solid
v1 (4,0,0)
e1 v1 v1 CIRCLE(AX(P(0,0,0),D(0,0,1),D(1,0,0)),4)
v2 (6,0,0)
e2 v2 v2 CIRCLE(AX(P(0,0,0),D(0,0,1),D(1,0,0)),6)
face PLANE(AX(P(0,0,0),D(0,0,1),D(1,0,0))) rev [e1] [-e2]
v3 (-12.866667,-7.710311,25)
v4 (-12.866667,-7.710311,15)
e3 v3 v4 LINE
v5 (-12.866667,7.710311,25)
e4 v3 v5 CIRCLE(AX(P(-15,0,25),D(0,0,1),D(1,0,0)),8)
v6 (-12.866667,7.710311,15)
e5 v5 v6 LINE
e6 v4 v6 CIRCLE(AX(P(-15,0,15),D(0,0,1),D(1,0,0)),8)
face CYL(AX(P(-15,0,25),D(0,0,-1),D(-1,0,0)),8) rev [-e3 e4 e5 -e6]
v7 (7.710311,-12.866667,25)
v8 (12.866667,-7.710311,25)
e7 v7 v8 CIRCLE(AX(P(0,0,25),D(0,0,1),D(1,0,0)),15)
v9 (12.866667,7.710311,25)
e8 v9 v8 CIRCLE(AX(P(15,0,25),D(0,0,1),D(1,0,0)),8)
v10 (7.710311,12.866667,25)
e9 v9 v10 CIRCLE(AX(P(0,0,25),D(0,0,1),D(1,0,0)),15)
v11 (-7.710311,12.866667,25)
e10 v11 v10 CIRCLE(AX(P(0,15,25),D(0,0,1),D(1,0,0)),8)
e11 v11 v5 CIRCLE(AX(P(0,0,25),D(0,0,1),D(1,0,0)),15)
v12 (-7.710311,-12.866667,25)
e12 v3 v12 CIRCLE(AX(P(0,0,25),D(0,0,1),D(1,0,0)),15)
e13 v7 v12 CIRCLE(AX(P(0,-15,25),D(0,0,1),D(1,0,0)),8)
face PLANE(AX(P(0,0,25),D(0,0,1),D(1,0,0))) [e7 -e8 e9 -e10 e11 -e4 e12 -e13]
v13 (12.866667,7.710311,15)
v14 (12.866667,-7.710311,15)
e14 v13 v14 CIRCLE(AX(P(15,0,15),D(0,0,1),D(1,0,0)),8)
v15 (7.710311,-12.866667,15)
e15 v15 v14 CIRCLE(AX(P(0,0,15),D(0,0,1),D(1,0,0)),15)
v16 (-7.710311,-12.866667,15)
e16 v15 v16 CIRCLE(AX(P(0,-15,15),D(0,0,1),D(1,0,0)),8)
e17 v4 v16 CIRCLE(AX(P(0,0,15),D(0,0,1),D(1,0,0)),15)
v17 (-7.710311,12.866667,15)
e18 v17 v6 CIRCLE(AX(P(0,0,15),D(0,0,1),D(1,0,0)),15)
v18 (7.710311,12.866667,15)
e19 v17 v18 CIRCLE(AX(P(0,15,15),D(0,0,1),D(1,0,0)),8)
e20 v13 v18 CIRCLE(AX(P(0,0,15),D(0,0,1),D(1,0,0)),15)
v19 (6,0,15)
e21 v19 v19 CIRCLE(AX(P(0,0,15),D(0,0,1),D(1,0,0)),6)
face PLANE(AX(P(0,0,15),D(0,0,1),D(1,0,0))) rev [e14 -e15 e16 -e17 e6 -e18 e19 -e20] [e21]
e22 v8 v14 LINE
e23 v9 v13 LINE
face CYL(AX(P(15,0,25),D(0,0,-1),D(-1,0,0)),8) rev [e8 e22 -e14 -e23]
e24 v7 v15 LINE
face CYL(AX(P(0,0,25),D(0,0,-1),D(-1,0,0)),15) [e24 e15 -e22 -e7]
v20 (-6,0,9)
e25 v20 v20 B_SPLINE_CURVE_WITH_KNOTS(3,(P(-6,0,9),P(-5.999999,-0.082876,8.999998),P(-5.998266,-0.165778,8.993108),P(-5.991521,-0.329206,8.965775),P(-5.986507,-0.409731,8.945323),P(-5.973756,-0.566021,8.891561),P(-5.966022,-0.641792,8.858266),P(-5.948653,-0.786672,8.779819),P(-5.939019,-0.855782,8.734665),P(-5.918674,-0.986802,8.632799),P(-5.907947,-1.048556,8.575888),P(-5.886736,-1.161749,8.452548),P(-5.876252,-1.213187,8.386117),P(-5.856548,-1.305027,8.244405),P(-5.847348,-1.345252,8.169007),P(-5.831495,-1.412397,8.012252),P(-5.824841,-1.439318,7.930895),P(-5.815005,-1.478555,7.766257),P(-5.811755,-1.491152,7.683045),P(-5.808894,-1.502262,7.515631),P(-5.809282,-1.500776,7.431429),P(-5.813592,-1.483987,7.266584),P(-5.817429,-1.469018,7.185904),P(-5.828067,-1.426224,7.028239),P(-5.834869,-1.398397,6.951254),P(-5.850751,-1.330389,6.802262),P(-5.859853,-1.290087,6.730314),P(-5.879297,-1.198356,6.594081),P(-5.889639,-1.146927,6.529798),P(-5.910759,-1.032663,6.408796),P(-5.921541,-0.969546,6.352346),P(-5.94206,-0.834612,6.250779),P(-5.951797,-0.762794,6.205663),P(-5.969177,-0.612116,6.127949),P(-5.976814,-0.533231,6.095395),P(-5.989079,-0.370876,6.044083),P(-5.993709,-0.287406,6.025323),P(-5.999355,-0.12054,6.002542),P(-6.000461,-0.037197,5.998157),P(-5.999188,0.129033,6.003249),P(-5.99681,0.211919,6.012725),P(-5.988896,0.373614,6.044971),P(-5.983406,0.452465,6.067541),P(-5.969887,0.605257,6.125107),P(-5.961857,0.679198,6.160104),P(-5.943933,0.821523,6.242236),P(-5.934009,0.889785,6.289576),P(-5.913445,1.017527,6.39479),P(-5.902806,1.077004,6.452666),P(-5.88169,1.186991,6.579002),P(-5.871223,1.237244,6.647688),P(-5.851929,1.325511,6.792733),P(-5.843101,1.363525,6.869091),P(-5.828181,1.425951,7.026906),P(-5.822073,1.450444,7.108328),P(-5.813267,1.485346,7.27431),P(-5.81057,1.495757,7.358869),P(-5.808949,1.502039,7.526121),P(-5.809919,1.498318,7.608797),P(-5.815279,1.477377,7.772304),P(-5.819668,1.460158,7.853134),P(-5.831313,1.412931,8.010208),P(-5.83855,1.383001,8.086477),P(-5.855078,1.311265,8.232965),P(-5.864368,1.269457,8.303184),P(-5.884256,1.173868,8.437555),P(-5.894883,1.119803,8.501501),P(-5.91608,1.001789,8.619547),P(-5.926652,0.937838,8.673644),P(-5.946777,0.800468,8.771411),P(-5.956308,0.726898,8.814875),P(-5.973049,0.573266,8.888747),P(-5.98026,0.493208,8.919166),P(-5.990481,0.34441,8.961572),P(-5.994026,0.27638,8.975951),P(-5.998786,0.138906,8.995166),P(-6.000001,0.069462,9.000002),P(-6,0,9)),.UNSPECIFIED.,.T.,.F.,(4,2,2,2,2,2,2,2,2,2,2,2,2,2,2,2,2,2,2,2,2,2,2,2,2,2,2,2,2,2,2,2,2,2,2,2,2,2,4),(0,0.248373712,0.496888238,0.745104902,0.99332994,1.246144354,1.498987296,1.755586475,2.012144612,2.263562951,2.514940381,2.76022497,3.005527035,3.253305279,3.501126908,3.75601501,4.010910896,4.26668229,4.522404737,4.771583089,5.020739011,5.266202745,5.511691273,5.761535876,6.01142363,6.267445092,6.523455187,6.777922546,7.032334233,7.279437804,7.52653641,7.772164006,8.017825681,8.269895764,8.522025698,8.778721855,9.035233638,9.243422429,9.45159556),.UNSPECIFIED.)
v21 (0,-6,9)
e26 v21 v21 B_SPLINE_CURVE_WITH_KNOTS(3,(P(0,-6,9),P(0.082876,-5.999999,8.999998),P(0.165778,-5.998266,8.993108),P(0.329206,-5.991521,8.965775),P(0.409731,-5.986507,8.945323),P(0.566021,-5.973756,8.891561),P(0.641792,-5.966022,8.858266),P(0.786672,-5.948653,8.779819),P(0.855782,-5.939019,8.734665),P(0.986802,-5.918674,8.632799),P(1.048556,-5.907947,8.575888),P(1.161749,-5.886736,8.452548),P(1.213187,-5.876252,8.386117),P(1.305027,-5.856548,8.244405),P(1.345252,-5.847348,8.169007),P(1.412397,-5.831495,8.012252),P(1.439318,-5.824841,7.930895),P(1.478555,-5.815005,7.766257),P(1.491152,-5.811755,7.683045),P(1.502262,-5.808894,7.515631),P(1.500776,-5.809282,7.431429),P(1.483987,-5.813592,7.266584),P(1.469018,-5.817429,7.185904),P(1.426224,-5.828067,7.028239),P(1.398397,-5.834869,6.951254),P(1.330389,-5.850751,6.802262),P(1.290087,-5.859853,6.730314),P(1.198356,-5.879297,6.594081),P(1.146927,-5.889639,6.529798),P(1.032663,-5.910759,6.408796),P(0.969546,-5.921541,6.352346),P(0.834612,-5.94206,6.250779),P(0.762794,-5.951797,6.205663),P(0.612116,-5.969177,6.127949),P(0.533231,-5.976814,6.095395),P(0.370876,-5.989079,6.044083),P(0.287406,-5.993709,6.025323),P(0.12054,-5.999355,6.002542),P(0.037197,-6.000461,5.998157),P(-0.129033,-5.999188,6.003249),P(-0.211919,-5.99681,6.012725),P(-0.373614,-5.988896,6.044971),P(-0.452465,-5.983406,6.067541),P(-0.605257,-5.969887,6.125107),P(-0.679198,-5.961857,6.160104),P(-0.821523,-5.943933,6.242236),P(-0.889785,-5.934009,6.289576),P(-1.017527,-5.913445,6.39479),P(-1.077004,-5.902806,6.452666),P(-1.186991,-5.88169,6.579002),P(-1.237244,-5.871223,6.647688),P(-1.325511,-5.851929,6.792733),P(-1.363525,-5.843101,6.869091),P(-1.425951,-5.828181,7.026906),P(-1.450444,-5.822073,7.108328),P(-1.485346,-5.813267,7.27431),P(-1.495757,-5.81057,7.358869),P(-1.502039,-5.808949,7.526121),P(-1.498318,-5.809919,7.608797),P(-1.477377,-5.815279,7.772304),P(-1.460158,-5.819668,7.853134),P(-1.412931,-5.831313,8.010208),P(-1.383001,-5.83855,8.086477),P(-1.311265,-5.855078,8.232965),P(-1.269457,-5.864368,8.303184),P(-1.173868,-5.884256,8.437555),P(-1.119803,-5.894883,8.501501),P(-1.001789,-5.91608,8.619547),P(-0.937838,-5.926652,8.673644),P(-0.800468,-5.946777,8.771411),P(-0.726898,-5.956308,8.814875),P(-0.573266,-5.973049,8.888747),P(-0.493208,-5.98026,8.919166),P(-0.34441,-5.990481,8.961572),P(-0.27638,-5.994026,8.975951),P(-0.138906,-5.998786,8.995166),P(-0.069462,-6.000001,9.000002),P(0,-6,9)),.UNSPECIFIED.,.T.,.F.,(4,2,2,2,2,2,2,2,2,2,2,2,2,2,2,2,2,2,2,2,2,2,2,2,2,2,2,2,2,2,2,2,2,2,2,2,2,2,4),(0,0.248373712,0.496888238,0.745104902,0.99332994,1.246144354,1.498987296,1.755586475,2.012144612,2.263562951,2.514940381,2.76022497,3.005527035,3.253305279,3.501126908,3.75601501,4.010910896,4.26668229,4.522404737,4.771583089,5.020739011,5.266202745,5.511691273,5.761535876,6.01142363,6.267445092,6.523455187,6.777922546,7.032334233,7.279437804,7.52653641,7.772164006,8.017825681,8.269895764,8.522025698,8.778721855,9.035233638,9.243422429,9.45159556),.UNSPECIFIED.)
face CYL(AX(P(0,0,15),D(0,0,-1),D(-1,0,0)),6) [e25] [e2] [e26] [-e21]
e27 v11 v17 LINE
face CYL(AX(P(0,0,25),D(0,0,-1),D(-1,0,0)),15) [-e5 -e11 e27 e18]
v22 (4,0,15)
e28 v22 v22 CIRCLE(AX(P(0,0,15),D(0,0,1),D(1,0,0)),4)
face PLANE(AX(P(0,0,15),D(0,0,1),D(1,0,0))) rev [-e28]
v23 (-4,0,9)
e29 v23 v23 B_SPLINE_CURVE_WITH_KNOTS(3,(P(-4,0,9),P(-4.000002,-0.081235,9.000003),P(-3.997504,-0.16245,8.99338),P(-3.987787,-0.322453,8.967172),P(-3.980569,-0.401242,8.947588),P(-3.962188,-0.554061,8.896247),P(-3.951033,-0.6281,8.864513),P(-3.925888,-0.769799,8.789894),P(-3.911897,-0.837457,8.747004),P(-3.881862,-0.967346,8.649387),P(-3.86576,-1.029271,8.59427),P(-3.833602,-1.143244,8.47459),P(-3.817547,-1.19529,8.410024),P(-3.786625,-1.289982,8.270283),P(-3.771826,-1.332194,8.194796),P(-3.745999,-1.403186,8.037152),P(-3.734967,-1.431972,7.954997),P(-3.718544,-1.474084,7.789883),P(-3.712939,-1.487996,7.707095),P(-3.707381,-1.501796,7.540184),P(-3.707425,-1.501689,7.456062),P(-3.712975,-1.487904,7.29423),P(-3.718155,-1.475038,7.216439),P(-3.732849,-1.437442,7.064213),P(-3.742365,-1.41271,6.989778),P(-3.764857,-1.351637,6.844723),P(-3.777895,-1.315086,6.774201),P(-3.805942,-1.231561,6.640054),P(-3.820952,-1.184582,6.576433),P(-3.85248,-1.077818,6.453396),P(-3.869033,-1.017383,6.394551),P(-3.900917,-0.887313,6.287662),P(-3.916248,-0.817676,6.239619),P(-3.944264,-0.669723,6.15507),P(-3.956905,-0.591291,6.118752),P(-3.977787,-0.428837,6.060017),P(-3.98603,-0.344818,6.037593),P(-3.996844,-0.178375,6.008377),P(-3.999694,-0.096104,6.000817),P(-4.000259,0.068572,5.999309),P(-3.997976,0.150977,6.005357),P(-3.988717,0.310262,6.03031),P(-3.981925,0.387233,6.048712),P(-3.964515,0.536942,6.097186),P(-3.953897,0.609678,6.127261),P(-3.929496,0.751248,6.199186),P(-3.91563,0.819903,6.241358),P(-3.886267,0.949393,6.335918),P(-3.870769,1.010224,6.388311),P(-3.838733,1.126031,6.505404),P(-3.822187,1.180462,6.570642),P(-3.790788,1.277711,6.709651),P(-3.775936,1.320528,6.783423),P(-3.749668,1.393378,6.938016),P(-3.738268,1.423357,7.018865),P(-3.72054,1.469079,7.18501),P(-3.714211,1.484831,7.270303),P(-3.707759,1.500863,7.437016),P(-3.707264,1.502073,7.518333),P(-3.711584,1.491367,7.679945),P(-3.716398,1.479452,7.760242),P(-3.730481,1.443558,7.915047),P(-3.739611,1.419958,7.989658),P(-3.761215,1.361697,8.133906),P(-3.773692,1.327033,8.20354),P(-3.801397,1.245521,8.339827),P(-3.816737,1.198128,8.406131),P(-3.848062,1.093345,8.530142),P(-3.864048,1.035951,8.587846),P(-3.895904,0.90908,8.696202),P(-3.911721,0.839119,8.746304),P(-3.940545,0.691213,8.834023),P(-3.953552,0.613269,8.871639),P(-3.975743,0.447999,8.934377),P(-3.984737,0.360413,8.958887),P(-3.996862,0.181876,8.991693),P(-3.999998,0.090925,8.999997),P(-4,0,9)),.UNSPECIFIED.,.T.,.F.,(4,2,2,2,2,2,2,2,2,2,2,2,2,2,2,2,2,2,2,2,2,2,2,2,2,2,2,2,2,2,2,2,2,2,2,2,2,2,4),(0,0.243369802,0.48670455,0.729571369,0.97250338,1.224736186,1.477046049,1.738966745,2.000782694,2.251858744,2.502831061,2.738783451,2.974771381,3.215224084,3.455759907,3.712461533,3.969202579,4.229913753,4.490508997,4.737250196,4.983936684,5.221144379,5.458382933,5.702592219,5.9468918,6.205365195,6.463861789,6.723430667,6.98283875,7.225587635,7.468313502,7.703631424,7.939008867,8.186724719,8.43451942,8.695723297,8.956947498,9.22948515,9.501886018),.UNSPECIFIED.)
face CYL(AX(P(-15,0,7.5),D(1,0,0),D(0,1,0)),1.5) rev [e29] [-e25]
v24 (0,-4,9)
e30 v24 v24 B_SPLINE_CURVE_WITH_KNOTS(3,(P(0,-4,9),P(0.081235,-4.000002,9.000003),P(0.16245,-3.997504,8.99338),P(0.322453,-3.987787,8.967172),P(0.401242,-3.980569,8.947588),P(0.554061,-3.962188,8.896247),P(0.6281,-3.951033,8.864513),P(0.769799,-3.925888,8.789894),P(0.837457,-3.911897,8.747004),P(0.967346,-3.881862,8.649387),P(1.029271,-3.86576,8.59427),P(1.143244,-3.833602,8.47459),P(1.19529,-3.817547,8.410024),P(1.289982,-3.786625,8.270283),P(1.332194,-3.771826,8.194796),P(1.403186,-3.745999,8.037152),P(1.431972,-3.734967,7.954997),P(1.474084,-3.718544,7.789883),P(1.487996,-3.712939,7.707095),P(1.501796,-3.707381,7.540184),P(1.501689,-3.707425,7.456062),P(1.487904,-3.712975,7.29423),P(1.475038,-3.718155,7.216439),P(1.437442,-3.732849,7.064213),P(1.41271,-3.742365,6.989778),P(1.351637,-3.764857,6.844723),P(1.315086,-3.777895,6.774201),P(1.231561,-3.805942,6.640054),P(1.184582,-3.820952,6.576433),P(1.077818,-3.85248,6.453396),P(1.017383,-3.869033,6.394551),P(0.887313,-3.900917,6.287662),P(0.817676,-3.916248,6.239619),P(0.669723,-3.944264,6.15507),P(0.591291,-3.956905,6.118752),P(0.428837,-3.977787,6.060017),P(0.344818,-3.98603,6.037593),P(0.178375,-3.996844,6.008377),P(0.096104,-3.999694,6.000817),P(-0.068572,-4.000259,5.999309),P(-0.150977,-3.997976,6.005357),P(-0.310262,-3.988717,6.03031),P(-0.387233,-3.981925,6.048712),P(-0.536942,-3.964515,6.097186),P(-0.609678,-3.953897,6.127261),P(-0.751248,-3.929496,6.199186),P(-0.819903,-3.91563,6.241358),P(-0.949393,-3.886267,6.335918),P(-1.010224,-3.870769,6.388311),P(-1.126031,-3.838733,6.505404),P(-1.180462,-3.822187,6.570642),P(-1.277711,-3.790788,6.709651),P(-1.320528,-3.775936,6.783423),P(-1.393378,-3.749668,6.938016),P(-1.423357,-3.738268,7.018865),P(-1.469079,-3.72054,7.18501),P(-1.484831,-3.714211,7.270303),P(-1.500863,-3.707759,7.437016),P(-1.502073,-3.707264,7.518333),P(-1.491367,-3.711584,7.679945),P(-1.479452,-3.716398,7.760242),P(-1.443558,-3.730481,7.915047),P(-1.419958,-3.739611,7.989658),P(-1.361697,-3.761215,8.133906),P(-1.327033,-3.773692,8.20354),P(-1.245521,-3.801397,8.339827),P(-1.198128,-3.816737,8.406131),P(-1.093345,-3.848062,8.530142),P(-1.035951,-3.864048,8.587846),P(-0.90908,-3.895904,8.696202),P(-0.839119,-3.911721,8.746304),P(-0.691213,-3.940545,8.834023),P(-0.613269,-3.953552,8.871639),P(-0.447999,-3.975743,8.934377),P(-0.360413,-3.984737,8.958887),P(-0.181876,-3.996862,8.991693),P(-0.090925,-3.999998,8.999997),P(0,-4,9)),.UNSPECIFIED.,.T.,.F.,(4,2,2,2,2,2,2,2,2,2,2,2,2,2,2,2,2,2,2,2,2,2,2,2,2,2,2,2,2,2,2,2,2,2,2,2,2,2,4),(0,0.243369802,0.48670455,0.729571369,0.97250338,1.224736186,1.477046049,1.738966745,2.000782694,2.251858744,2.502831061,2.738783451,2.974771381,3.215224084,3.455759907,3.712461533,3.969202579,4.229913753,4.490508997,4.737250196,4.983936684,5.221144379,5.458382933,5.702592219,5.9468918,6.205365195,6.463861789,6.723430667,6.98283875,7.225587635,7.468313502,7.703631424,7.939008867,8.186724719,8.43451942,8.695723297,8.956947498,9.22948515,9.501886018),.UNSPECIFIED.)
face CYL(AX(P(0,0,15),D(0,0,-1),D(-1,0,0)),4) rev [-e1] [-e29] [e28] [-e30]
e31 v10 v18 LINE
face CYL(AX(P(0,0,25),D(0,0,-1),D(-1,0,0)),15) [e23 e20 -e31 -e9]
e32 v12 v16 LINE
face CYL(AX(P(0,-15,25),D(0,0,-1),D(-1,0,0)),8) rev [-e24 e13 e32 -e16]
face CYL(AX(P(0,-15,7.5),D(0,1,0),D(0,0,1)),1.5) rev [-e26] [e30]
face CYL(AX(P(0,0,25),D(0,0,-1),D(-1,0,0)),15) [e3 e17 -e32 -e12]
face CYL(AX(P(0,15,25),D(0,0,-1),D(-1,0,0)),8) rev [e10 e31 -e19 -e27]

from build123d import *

# Parameters (mm, degrees)
IZIM1_R                     = 6
IZIM1_R_2                   = 4
Y_KSEKLIK_EKSTR_ZYON1_DEPTH = 15
Y_KSEKLIK_EKSTR_ZYON2_DEPTH = 10
KES_EKSTR_ZYON1_DEPTH       = 15
DAIRESEL_KAPLAMA1_COUNT     = 2
DAIRESEL_KAPLAMA1_ANGLE     = 90


with BuildPart() as part:
    # Çizim1 → Yükseklik-Ekstrüzyon1 (new body)
    with BuildSketch(Plane.XY):
        Circle(IZIM1_R)
        Circle(IZIM1_R_2, mode=Mode.SUBTRACT)
    extrude(amount=Y_KSEKLIK_EKSTR_ZYON1_DEPTH)

    # Çizim2 → Yükseklik-Ekstrüzyon2 (add)
    with BuildSketch(Plane.XY.offset(15)):
        with BuildLine():
            ThreePointArc((-7.710310557, 12.866666667), (-10.606601718, 10.606601718), (-12.866666667, 7.710310557))
            ThreePointArc((-12.866666667, 7.710310557), (-7, 0), (-12.866666667, -7.710310557))
            ThreePointArc((-12.866666667, -7.710310557), (-10.606601718, -10.606601718), (-7.710310557, -12.866666667))
            ThreePointArc((-7.710310557, -12.866666667), (0, -7), (7.710310557, -12.866666667))
            ThreePointArc((7.710310557, -12.866666667), (10.606601718, -10.606601718), (12.866666667, -7.710310557))
            ThreePointArc((12.866666667, -7.710310557), (7, 0), (12.866666667, 7.710310557))
            ThreePointArc((12.866666667, 7.710310557), (10.606601718, 10.606601718), (7.710310557, 12.866666667))
            ThreePointArc((7.710310557, 12.866666667), (0, 7), (-7.710310557, 12.866666667))
        make_face()
    extrude(amount=Y_KSEKLIK_EKSTR_ZYON2_DEPTH)

    # Çizim3 → Kes-Ekstrüzyon1 (cut)
    with BuildSketch(Plane(origin=(0, 0, 0), x_dir=(1, 0, 0), z_dir=(0, 1, 0))):
        with BuildLine():
            ThreePointArc((1.5, -7.5), (1.060660172, -6.439339828), (0, -6))
            Line((0, -6), (0, -9))
            ThreePointArc((0, -9), (1.060660172, -8.560660172), (1.5, -7.5))
        make_face()
        with BuildLine():
            Line((0, -9), (0, -6))
            ThreePointArc((0, -6), (-1.5, -7.5), (0, -9))
        make_face()
    kes_ekstr_zyon1 = extrude(amount=-KES_EKSTR_ZYON1_DEPTH, mode=Mode.SUBTRACT)

    # Dairesel Kaplama1: Kes-Ekstrüzyon1 ×2 about axis
    dairesel_kaplama1_axis = Axis((0, 0, 15), (0, 0, -1))
    for i in range(1, DAIRESEL_KAPLAMA1_COUNT):
        add(kes_ekstr_zyon1.rotate(dairesel_kaplama1_axis, i * DAIRESEL_KAPLAMA1_ANGLE / (DAIRESEL_KAPLAMA1_COUNT - 1)), mode=Mode.SUBTRACT)


solid = part.part
